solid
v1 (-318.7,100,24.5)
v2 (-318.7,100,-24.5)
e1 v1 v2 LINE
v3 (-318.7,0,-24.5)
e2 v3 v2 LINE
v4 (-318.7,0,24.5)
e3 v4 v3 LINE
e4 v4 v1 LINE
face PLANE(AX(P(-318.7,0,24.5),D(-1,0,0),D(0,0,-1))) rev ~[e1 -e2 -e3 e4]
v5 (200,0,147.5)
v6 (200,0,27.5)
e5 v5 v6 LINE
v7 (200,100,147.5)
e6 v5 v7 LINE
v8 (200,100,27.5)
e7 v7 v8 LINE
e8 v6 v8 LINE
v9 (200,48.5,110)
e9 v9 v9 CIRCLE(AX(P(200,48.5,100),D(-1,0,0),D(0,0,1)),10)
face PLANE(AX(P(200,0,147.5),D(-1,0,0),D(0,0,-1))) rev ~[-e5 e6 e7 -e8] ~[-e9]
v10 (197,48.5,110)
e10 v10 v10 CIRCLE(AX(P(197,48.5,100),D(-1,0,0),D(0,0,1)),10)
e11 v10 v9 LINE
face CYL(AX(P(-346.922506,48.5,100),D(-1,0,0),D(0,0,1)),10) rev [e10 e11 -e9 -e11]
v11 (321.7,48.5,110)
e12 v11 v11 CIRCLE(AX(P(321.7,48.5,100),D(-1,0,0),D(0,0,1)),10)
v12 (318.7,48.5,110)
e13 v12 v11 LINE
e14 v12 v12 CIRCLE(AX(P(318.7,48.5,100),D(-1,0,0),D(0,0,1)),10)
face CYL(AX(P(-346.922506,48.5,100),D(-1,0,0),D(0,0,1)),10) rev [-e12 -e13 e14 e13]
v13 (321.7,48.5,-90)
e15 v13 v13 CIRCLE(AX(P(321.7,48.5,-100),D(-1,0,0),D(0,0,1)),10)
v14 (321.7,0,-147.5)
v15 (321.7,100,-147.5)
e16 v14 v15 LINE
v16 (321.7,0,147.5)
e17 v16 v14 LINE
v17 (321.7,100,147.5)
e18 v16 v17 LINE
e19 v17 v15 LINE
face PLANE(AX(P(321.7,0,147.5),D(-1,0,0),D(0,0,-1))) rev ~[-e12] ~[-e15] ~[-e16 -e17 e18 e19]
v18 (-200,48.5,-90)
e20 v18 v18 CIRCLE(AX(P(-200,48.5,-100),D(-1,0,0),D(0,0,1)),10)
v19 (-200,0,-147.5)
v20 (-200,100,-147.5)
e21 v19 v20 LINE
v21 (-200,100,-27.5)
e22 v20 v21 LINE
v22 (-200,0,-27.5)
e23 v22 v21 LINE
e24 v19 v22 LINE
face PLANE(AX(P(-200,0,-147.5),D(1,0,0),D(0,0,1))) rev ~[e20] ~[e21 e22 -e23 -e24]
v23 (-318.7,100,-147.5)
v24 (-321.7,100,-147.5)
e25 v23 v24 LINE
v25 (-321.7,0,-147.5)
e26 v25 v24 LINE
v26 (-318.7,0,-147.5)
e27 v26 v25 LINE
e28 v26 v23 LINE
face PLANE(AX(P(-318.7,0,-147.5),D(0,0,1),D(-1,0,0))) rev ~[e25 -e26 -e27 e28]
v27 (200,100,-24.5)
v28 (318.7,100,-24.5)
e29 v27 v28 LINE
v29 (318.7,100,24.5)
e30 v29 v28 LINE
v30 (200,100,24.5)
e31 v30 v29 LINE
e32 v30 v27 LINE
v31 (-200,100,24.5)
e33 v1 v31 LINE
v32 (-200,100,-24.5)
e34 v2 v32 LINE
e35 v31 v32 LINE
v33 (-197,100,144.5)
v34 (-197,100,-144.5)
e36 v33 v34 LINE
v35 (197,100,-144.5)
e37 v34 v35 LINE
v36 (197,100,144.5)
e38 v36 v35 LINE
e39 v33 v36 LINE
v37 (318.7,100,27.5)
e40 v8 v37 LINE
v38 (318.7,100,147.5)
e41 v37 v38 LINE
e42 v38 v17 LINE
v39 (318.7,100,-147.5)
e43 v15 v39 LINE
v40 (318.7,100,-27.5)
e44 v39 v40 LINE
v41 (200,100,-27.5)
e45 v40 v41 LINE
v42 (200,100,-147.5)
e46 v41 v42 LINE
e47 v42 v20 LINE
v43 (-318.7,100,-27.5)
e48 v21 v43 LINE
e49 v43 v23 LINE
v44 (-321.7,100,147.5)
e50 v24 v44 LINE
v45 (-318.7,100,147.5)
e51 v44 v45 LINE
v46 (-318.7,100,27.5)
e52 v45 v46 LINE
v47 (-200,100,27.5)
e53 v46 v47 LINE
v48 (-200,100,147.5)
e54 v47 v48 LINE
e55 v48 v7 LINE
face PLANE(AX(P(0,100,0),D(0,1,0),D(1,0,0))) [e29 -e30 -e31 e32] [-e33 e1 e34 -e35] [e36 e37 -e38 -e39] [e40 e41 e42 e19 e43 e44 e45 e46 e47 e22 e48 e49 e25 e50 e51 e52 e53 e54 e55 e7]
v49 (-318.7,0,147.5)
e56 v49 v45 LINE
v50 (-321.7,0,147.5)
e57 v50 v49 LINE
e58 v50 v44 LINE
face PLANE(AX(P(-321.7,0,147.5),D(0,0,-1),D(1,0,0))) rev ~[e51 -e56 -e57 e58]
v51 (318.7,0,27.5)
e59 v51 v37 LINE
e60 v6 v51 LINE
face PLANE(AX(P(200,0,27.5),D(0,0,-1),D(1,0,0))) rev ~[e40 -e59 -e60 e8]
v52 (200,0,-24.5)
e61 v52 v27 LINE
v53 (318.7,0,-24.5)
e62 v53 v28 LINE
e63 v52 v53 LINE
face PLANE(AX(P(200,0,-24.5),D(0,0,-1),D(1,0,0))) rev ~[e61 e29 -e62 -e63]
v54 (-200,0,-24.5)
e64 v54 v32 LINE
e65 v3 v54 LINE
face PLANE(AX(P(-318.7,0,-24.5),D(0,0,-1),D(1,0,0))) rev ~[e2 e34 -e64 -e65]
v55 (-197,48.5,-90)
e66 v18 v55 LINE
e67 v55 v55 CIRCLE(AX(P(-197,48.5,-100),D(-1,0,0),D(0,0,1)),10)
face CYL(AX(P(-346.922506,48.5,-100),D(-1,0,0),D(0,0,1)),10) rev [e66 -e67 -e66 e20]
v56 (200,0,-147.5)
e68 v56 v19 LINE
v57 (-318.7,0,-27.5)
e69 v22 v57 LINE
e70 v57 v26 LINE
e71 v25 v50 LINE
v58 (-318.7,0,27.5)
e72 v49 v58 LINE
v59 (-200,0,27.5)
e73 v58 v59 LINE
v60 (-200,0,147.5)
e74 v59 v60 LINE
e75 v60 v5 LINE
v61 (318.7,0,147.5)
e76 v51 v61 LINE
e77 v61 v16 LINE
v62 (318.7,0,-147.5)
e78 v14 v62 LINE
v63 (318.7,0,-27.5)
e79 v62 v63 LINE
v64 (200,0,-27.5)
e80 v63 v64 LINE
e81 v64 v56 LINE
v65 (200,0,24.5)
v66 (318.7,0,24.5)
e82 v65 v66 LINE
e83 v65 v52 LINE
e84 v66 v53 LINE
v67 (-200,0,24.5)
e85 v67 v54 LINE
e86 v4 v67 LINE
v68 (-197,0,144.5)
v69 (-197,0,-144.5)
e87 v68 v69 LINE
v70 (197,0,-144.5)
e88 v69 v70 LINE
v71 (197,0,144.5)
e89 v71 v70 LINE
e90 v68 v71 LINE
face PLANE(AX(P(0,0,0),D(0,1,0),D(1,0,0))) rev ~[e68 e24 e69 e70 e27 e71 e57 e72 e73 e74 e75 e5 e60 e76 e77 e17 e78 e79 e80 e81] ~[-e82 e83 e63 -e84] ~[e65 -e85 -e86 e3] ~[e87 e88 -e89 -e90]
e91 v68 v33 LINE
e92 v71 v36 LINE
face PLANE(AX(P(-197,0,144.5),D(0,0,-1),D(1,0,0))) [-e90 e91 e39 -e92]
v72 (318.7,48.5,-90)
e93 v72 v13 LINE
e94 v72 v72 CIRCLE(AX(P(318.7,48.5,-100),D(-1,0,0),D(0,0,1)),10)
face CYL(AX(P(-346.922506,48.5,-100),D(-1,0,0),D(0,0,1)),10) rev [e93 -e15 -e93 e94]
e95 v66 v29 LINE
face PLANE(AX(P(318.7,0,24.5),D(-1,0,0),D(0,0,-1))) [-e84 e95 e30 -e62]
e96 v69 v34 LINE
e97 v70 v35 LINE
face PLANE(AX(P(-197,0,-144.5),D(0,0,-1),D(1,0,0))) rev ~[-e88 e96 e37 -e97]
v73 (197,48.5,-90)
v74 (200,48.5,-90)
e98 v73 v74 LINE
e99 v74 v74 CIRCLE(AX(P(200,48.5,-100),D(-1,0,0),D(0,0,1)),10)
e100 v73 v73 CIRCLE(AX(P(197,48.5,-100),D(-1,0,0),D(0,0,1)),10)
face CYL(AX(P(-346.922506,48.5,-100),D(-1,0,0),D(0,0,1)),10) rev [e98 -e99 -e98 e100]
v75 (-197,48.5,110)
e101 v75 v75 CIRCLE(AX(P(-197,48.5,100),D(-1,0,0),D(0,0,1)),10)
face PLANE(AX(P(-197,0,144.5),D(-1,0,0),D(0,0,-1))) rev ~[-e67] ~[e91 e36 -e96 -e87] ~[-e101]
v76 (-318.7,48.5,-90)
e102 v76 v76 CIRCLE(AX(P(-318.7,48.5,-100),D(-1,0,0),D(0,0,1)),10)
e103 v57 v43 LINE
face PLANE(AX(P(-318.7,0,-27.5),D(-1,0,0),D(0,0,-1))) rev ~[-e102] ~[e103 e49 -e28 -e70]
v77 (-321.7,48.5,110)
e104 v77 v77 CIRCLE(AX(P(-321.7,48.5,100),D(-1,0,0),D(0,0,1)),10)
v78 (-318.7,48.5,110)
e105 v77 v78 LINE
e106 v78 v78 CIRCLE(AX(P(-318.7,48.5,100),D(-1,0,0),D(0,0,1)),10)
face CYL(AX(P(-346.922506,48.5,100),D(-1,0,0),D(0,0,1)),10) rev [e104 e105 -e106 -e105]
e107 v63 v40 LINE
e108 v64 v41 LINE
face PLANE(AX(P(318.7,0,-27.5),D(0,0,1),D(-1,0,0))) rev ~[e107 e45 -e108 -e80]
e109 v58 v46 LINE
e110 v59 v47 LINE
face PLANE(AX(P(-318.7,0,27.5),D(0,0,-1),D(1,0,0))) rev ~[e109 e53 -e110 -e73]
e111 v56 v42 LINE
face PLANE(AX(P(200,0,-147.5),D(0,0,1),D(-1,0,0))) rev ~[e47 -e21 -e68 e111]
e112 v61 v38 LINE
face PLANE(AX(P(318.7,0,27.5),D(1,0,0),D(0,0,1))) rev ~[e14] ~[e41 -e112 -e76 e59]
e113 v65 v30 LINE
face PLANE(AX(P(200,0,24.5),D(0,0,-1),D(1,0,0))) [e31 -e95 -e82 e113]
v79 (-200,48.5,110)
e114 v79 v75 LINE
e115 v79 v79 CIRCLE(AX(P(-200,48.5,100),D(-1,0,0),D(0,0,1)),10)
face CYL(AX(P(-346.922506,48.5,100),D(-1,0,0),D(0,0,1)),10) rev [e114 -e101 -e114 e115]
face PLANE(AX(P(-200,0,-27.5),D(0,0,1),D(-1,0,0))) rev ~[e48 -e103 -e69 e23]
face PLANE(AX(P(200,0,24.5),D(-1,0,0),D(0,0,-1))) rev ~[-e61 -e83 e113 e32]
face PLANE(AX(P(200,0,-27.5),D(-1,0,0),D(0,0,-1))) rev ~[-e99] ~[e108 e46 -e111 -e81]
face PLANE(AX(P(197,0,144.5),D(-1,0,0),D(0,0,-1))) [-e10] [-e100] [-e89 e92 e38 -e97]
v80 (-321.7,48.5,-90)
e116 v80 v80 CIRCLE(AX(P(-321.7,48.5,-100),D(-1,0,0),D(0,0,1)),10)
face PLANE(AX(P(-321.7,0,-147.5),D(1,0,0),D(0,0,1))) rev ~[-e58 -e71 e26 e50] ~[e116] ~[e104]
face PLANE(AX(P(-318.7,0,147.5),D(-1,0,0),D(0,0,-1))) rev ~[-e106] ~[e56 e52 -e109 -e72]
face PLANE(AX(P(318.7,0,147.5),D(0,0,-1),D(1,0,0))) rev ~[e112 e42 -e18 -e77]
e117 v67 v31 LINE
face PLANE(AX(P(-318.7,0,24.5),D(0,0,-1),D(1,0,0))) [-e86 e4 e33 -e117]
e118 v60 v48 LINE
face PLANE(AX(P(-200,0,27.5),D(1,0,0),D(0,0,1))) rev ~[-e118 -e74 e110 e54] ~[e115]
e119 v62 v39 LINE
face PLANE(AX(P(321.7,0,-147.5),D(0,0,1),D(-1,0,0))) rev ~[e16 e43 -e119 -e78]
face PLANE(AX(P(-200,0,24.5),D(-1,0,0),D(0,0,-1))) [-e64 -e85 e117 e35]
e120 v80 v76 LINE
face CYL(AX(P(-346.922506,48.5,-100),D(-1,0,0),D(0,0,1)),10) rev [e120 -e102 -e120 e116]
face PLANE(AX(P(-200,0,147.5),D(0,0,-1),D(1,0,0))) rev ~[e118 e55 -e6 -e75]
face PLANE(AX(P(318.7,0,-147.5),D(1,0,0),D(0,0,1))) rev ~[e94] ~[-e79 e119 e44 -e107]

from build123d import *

# Parameters (mm, degrees)
SKETCH1_W               = 118.7
SKETCH1_H               = 49
SKETCH1_W_2             = 394
SKETCH1_H_2             = 289
BOSS_EXTRUDE1_DEPTH     = 100
CUT_EXTRUDE1_DEPTH      = 668.622505612
CUT_EXTRUDE1_DEPTH_BACK = 668.622505612
SKETCH3_R               = 10


with BuildPart() as part:
    # Sketch1 → Boss-Extrude1 (new body)
    with BuildSketch(Plane(origin=(0, 0, 0), x_dir=(1, 0, 0), z_dir=(0, 1, 0))):
        Polygon((200, 147.5), (-200, 147.5), (-200, 27.5), (-318.7, 27.5), (-318.7, 147.5), (-321.7, 147.5), (-321.7, -147.5), (-318.7, -147.5), (-318.7, -27.5), (-200, -27.5), (-200, -147.5), (200, -147.5), (200, -27.5), (318.7, -27.5), (318.7, -147.5), (321.7, -147.5), (321.7, 147.5), (318.7, 147.5), (318.7, 27.5), (200, 27.5), align=None)
        with Locations((259.35, 0)):
            Rectangle(SKETCH1_W, SKETCH1_H, mode=Mode.SUBTRACT)
        with Locations((-259.35, 0)):
            Rectangle(SKETCH1_W, SKETCH1_H, mode=Mode.SUBTRACT)
        Rectangle(SKETCH1_W_2, SKETCH1_H_2, mode=Mode.SUBTRACT)
    extrude(amount=BOSS_EXTRUDE1_DEPTH)

    # Sketch3 → Cut-Extrude1 (cut, two sides: drawn at the far end of the back side and taken through both)
    with BuildSketch(Plane(origin=(321.7, 0, 0), x_dir=(0, 0, -1), z_dir=(1, 0, 0)).offset(-CUT_EXTRUDE1_DEPTH_BACK)):
        with Locations(Location((-100, 48.5, 0), (0, 0, 180))):
            Circle(SKETCH3_R)
        with Locations(Location((100, 48.5, 0), (0, 0, 180))):
            Circle(SKETCH3_R)
    extrude(amount=CUT_EXTRUDE1_DEPTH + CUT_EXTRUDE1_DEPTH_BACK, mode=Mode.SUBTRACT)


solid = part.part
